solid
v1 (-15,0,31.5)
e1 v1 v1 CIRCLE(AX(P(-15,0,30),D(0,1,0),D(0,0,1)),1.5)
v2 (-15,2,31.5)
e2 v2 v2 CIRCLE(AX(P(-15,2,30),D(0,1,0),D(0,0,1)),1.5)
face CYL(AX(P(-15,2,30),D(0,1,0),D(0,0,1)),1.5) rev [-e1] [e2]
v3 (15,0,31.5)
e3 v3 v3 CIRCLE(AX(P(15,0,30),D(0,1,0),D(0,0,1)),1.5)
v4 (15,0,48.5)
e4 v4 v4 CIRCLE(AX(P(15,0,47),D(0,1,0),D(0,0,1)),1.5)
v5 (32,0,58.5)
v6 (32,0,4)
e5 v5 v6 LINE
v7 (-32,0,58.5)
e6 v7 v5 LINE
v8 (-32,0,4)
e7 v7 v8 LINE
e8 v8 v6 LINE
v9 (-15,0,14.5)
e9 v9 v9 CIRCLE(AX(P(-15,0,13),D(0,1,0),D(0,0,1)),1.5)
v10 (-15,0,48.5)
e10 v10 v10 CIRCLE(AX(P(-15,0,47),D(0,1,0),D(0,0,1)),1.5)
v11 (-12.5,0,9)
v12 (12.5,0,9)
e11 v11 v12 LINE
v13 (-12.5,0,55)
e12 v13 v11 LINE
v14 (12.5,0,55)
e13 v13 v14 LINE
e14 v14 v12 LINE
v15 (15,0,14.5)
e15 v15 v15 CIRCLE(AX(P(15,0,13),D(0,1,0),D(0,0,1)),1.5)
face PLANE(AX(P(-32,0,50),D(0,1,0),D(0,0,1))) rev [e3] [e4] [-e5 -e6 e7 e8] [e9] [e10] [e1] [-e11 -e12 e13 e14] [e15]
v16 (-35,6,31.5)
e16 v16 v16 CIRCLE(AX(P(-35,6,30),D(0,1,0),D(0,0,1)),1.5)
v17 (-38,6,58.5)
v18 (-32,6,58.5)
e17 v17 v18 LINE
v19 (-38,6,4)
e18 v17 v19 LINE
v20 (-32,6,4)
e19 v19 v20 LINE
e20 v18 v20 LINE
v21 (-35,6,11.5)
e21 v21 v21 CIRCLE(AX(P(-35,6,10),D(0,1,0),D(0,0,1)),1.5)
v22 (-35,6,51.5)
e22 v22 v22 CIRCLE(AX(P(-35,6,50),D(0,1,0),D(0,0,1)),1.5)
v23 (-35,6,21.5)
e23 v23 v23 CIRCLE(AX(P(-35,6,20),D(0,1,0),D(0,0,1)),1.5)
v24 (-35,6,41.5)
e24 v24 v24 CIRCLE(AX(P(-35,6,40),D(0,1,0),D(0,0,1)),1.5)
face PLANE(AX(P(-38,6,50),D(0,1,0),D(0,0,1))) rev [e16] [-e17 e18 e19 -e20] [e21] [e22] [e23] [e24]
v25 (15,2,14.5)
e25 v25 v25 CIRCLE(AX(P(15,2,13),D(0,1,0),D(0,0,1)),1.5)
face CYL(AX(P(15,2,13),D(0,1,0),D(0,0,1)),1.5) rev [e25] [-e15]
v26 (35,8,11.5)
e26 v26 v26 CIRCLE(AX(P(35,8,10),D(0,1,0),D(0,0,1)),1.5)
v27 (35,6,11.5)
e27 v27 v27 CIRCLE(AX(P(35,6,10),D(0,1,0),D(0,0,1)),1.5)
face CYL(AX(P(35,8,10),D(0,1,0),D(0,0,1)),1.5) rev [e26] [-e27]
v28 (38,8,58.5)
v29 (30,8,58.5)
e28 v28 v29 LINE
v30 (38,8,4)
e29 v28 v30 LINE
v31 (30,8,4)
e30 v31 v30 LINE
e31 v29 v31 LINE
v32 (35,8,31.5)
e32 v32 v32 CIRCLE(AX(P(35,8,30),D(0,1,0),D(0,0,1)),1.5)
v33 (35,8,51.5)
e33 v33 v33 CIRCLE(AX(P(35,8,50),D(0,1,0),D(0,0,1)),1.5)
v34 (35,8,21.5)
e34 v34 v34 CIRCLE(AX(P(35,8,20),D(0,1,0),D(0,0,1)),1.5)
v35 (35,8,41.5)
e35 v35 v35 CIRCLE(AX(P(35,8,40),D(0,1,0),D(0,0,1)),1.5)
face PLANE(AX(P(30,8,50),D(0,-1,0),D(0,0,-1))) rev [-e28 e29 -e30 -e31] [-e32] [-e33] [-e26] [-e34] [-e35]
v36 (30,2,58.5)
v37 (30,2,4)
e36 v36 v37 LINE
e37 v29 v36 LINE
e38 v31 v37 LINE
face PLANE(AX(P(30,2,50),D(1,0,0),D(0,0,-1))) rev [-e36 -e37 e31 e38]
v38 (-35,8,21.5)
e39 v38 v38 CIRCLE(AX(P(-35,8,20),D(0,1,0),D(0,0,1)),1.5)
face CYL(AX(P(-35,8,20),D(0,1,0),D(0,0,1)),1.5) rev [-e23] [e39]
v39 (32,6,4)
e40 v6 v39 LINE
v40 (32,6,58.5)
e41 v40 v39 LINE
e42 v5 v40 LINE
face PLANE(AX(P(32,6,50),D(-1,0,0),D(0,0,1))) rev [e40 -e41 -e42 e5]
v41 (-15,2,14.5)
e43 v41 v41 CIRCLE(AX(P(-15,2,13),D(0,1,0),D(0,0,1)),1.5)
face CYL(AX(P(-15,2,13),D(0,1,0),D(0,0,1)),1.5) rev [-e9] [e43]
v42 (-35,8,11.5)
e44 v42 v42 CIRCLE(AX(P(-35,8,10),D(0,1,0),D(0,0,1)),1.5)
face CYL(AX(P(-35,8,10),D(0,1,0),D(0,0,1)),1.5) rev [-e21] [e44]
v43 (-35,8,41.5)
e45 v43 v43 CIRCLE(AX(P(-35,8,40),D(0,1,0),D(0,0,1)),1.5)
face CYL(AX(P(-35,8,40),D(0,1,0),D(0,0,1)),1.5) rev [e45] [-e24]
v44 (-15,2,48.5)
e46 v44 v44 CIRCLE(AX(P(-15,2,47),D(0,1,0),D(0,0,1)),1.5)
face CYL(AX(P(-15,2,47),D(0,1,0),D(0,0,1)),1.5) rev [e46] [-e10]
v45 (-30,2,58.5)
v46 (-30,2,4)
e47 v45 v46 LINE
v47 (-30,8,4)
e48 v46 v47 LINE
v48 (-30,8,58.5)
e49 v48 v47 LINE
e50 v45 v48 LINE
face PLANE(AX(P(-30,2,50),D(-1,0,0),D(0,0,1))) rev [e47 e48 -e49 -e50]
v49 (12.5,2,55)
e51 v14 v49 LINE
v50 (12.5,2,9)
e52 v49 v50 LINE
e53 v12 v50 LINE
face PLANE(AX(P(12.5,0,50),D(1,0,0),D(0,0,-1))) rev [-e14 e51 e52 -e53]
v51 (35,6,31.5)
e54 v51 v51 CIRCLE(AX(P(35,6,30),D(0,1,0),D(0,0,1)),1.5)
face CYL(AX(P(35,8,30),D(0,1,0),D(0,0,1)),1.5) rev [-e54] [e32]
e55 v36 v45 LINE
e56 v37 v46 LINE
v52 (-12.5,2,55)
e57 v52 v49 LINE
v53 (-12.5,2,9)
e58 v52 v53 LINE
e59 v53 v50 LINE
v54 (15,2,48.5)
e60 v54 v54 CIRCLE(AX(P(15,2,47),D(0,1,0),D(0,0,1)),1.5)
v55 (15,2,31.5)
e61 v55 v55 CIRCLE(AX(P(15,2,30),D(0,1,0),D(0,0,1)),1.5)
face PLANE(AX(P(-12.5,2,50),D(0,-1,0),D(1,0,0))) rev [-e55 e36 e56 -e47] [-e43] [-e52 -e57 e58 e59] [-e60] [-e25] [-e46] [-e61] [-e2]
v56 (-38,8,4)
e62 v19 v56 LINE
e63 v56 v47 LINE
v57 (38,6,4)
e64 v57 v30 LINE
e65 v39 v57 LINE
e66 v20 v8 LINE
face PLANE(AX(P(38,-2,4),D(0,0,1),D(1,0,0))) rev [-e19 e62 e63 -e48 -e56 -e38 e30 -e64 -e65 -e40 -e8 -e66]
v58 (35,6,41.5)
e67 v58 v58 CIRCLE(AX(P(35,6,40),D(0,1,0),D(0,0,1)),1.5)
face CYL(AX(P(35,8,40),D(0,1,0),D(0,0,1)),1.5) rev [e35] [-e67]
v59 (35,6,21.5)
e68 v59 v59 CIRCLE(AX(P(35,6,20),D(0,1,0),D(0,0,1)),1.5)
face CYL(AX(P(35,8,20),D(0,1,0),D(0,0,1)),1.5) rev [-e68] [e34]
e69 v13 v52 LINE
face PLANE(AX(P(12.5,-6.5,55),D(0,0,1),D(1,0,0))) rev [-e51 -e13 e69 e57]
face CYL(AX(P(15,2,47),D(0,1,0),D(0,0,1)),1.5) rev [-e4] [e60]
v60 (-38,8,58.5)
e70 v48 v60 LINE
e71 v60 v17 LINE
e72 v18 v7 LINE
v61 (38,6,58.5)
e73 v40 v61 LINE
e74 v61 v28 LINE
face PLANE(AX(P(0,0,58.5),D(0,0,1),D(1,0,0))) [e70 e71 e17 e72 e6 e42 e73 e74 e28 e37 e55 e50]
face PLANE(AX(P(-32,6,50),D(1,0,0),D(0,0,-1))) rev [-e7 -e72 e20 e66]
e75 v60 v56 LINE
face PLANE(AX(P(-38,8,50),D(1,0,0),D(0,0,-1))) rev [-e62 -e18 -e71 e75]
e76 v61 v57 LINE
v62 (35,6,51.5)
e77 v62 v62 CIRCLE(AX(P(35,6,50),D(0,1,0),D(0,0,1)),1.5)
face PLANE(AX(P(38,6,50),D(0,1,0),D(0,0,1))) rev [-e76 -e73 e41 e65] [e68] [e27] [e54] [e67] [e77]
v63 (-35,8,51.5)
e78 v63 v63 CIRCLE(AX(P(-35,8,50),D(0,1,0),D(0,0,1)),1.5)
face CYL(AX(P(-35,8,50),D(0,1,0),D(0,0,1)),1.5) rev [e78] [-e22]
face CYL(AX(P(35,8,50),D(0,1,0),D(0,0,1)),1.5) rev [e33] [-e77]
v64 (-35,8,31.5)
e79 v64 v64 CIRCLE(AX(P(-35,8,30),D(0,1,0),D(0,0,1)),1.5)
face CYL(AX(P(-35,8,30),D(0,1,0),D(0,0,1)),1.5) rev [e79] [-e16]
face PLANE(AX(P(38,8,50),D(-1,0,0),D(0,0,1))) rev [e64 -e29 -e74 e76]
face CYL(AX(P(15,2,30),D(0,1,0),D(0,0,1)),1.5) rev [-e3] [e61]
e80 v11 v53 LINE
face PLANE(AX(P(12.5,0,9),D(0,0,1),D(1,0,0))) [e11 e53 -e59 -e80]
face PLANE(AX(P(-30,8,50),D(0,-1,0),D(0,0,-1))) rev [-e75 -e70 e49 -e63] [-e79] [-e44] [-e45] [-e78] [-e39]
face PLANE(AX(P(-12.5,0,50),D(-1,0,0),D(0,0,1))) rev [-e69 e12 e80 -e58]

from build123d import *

# Parameters (mm, degrees)
BOSS_EXTRUDE1_DEPTH            = 50
BOSS_EXTRUDE1_2_DEPTH          = 50
SKETCH4_W                      = 1.5
SKETCH4_H                      = 2
F_3_0MM_DOWEL_HOLE1_AT_2_COUNT = 2
F_3_0MM_DOWEL_HOLE1_AT_2_PITCH = 17
F_3_0MM_DOWEL_HOLE1_AT_3_COUNT = 2
F_3_0MM_DOWEL_HOLE1_AT_3_PITCH = 34
F_3_0MM_DOWEL_HOLE1_AT_4_COUNT = 2
F_3_0MM_DOWEL_HOLE1_AT_4_PITCH = 45.343136195
F_3_0MM_DOWEL_HOLE1_AT_5_COUNT = 2
F_3_0MM_DOWEL_HOLE1_AT_5_PITCH = 34.481879299
F_3_0MM_DOWEL_HOLE1_AT_6_COUNT = 2
F_3_0MM_DOWEL_HOLE1_AT_6_PITCH = 30
SKETCH7_W                      = 1.5
SKETCH7_H                      = 8
F_3_0MM_DOWEL_HOLE2_AT_2_COUNT = 2
F_3_0MM_DOWEL_HOLE2_AT_2_PITCH = 10
F_3_0MM_DOWEL_HOLE2_AT_3_COUNT = 2
F_3_0MM_DOWEL_HOLE2_AT_3_PITCH = 10
F_3_0MM_DOWEL_HOLE2_AT_4_COUNT = 2
F_3_0MM_DOWEL_HOLE2_AT_4_PITCH = 20
SKETCH9_W                      = 25
SKETCH9_H                      = 9
BOSS_EXTRUDE3_DEPTH            = 2
MIRROR1_COPY_1_SKETCH_W        = 1.5
MIRROR1_COPY_1_SKETCH_H        = 8
MIRROR1_COPY_2_SKETCH_W        = 1.5
MIRROR1_COPY_2_SKETCH_H        = 8
MIRROR1_COPY_3_SKETCH_W        = 1.5
MIRROR1_COPY_3_SKETCH_H        = 8
SKETCH10_W                     = 76
SKETCH10_H                     = 4
CUT_EXTRUDE1_DEPTH             = 10
BOSS_EXTRUDE4_DEPTH            = 8.5
SKETCH13_W                     = 25
SKETCH13_H                     = 5
CUT_EXTRUDE2_DEPTH             = 8.5
F_3_0MM_DOWEL_HOLE3_D          = 3


with BuildPart() as part:
    # Sketch1 → Boss-Extrude1 (new body)
    with BuildSketch(Plane.XY):
        Polygon((12.5, 0), (12.5, 2), (30, 2), (30, 8), (38, 8), (38, 6), (32, 6), (32, 0), align=None)
    extrude(amount=BOSS_EXTRUDE1_DEPTH)


with BuildPart() as body_2:
    # Sketch1 → Boss-Extrude1 2 (new body)
    with BuildSketch(Plane.XY):
        Polygon((-12.5, 2), (-30, 2), (-30, 8), (-38, 8), (-38, 6), (-32, 6), (-32, 0), (-12.5, 0), align=None)
    extrude(amount=BOSS_EXTRUDE1_2_DEPTH)

    # Sketch4 → Ø3.0mm Dowel Hole1 (revolve, cut)
    with BuildSketch(Plane(origin=(-15, 2, 47), x_dir=(0, 0, 1), z_dir=(1, 0, 0))):
        with Locations((0.75, 1)):
            Rectangle(SKETCH4_W, SKETCH4_H)
    f_3_0mm_dowel_hole1 = revolve(axis=Axis((-15, 8.35, 47), (0, -1, 0)), mode=Mode.SUBTRACT)

    # Ø3.0mm Dowel Hole1 at 2: Ø3.0mm Dowel Hole1 ×2
    with Locations(*[(0, 0, -i * F_3_0MM_DOWEL_HOLE1_AT_2_PITCH) for i in range(1, F_3_0MM_DOWEL_HOLE1_AT_2_COUNT)]):
        add(f_3_0mm_dowel_hole1, mode=Mode.SUBTRACT)

    # Ø3.0mm Dowel Hole1 at 3: Ø3.0mm Dowel Hole1 ×2
    with Locations(*[(0, 0, -i * F_3_0MM_DOWEL_HOLE1_AT_3_PITCH) for i in range(1, F_3_0MM_DOWEL_HOLE1_AT_3_COUNT)]):
        add(f_3_0mm_dowel_hole1, mode=Mode.SUBTRACT)

    # Sketch7 → Ø3.0mm Dowel Hole2 (revolve, cut)
    with BuildSketch(Plane(origin=(-35, 8, 20), x_dir=(0, 0, 1), z_dir=(1, 0, 0))):
        with Locations((0.75, 4)):
            Rectangle(SKETCH7_W, SKETCH7_H)
    f_3_0mm_dowel_hole2 = revolve(axis=Axis((-35, 14.35, 20), (0, -1, 0)), mode=Mode.SUBTRACT)

    # Ø3.0mm Dowel Hole2 at 2: Ø3.0mm Dowel Hole2 ×2
    with Locations(*[(0, 0, -i * F_3_0MM_DOWEL_HOLE2_AT_2_PITCH) for i in range(1, F_3_0MM_DOWEL_HOLE2_AT_2_COUNT)]):
        add(f_3_0mm_dowel_hole2, mode=Mode.SUBTRACT)

    # Ø3.0mm Dowel Hole2 at 3: Ø3.0mm Dowel Hole2 ×2
    with Locations(*[(0, 0, i * F_3_0MM_DOWEL_HOLE2_AT_3_PITCH) for i in range(1, F_3_0MM_DOWEL_HOLE2_AT_3_COUNT)]):
        add(f_3_0mm_dowel_hole2, mode=Mode.SUBTRACT)

    # Ø3.0mm Dowel Hole2 at 4: Ø3.0mm Dowel Hole2 ×2
    with Locations(*[(0, 0, i * F_3_0MM_DOWEL_HOLE2_AT_4_PITCH) for i in range(1, F_3_0MM_DOWEL_HOLE2_AT_4_COUNT)]):
        add(f_3_0mm_dowel_hole2, mode=Mode.SUBTRACT)


with BuildPart() as part_1:
    add(part.part)

    # Ø3.0mm Dowel Hole1 at 4: Ø3.0mm Dowel Hole1 ×2
    with Locations(*[Vector(0.661621637, 0, -0.749837855) * (i * F_3_0MM_DOWEL_HOLE1_AT_4_PITCH) for i in range(1, F_3_0MM_DOWEL_HOLE1_AT_4_COUNT)]):
        add(f_3_0mm_dowel_hole1, mode=Mode.SUBTRACT)

    # Ø3.0mm Dowel Hole1 at 5: Ø3.0mm Dowel Hole1 ×2
    with Locations(*[Vector(0.870022186, 0, -0.493012572) * (i * F_3_0MM_DOWEL_HOLE1_AT_5_PITCH) for i in range(1, F_3_0MM_DOWEL_HOLE1_AT_5_COUNT)]):
        add(f_3_0mm_dowel_hole1, mode=Mode.SUBTRACT)

    # Ø3.0mm Dowel Hole1 at 6: Ø3.0mm Dowel Hole1 ×2
    with Locations(*[(i * F_3_0MM_DOWEL_HOLE1_AT_6_PITCH, 0, 0) for i in range(1, F_3_0MM_DOWEL_HOLE1_AT_6_COUNT)]):
        add(f_3_0mm_dowel_hole1, mode=Mode.SUBTRACT)

    add(body_2.part)  # Boss-Extrude3 merges body 2
    # Sketch9 → Boss-Extrude3 (add)
    with BuildSketch(Plane(origin=(0, 2, 0), x_dir=(1, 0, 0), z_dir=(0, 1, 0))):
        with Locations((0, -4.5)):
            Rectangle(SKETCH9_W, SKETCH9_H)
    extrude(amount=-BOSS_EXTRUDE3_DEPTH)

    # Mirror1: Ø3.0mm Dowel Hole2 across plane
    add(f_3_0mm_dowel_hole2.mirror(Plane(origin=(0, 0, 0), x_dir=(0, 0, 1), z_dir=(1, 0, 0))), mode=Mode.SUBTRACT)

    # Mirror1 copy 1 sketch → Mirror1 copy 1 (revolve, cut)
    with BuildSketch(Plane(origin=(35, 8, 10), x_dir=(0, 0, 1), z_dir=(-1, 0, 0))):
        with Locations((0.75, -4)):
            Rectangle(MIRROR1_COPY_1_SKETCH_W, MIRROR1_COPY_1_SKETCH_H)
    revolve(axis=Axis((35, 14.35, 10), (0, 1, 0)), mode=Mode.SUBTRACT)

    # Mirror1 copy 2 sketch → Mirror1 copy 2 (revolve, cut)
    with BuildSketch(Plane(origin=(35, 8, 30), x_dir=(0, 0, 1), z_dir=(-1, 0, 0))):
        with Locations((0.75, -4)):
            Rectangle(MIRROR1_COPY_2_SKETCH_W, MIRROR1_COPY_2_SKETCH_H)
    revolve(axis=Axis((35, 14.35, 30), (0, 1, 0)), mode=Mode.SUBTRACT)

    # Mirror1 copy 3 sketch → Mirror1 copy 3 (revolve, cut)
    with BuildSketch(Plane(origin=(35, 8, 40), x_dir=(0, 0, 1), z_dir=(-1, 0, 0))):
        with Locations((0.75, -4)):
            Rectangle(MIRROR1_COPY_3_SKETCH_W, MIRROR1_COPY_3_SKETCH_H)
    revolve(axis=Axis((35, 14.35, 40), (0, 1, 0)), mode=Mode.SUBTRACT)

    # Sketch10 → Cut-Extrude1 (cut)
    with BuildSketch(Plane(origin=(0, 8, 0), x_dir=(1, 0, 0), z_dir=(0, 1, 0))):
        with Locations((0, -2)):
            Rectangle(SKETCH10_W, SKETCH10_H)
    extrude(amount=-CUT_EXTRUDE1_DEPTH, mode=Mode.SUBTRACT)

    # Sketch12 → Boss-Extrude4 (add)
    with BuildSketch(Plane.XY.offset(50)):
        Polygon((-32, 0), (32, 0), (32, 6), (38, 6), (38, 8), (30, 8), (30, 2), (-30, 2), (-30, 8), (-38, 8), (-38, 6), (-32, 6), align=None)
    extrude(amount=BOSS_EXTRUDE4_DEPTH)

    # Sketch13 → Cut-Extrude2 (cut)
    with BuildSketch(Plane(origin=(0, 2, 0), x_dir=(1, 0, 0), z_dir=(0, 1, 0))):
        with Locations((0, -52.5)):
            Rectangle(SKETCH13_W, SKETCH13_H)
    extrude(amount=-CUT_EXTRUDE2_DEPTH, mode=Mode.SUBTRACT)

    # Ø3.0mm Dowel Hole3 (through all)
    with Locations(Plane(origin=(0, 8, 0), x_dir=(1, 0, 0), z_dir=(0, 1, 0))):
        with Locations((35, -50), (-35, -50)):
            Hole(F_3_0MM_DOWEL_HOLE3_D / 2)


solid = part_1.part
